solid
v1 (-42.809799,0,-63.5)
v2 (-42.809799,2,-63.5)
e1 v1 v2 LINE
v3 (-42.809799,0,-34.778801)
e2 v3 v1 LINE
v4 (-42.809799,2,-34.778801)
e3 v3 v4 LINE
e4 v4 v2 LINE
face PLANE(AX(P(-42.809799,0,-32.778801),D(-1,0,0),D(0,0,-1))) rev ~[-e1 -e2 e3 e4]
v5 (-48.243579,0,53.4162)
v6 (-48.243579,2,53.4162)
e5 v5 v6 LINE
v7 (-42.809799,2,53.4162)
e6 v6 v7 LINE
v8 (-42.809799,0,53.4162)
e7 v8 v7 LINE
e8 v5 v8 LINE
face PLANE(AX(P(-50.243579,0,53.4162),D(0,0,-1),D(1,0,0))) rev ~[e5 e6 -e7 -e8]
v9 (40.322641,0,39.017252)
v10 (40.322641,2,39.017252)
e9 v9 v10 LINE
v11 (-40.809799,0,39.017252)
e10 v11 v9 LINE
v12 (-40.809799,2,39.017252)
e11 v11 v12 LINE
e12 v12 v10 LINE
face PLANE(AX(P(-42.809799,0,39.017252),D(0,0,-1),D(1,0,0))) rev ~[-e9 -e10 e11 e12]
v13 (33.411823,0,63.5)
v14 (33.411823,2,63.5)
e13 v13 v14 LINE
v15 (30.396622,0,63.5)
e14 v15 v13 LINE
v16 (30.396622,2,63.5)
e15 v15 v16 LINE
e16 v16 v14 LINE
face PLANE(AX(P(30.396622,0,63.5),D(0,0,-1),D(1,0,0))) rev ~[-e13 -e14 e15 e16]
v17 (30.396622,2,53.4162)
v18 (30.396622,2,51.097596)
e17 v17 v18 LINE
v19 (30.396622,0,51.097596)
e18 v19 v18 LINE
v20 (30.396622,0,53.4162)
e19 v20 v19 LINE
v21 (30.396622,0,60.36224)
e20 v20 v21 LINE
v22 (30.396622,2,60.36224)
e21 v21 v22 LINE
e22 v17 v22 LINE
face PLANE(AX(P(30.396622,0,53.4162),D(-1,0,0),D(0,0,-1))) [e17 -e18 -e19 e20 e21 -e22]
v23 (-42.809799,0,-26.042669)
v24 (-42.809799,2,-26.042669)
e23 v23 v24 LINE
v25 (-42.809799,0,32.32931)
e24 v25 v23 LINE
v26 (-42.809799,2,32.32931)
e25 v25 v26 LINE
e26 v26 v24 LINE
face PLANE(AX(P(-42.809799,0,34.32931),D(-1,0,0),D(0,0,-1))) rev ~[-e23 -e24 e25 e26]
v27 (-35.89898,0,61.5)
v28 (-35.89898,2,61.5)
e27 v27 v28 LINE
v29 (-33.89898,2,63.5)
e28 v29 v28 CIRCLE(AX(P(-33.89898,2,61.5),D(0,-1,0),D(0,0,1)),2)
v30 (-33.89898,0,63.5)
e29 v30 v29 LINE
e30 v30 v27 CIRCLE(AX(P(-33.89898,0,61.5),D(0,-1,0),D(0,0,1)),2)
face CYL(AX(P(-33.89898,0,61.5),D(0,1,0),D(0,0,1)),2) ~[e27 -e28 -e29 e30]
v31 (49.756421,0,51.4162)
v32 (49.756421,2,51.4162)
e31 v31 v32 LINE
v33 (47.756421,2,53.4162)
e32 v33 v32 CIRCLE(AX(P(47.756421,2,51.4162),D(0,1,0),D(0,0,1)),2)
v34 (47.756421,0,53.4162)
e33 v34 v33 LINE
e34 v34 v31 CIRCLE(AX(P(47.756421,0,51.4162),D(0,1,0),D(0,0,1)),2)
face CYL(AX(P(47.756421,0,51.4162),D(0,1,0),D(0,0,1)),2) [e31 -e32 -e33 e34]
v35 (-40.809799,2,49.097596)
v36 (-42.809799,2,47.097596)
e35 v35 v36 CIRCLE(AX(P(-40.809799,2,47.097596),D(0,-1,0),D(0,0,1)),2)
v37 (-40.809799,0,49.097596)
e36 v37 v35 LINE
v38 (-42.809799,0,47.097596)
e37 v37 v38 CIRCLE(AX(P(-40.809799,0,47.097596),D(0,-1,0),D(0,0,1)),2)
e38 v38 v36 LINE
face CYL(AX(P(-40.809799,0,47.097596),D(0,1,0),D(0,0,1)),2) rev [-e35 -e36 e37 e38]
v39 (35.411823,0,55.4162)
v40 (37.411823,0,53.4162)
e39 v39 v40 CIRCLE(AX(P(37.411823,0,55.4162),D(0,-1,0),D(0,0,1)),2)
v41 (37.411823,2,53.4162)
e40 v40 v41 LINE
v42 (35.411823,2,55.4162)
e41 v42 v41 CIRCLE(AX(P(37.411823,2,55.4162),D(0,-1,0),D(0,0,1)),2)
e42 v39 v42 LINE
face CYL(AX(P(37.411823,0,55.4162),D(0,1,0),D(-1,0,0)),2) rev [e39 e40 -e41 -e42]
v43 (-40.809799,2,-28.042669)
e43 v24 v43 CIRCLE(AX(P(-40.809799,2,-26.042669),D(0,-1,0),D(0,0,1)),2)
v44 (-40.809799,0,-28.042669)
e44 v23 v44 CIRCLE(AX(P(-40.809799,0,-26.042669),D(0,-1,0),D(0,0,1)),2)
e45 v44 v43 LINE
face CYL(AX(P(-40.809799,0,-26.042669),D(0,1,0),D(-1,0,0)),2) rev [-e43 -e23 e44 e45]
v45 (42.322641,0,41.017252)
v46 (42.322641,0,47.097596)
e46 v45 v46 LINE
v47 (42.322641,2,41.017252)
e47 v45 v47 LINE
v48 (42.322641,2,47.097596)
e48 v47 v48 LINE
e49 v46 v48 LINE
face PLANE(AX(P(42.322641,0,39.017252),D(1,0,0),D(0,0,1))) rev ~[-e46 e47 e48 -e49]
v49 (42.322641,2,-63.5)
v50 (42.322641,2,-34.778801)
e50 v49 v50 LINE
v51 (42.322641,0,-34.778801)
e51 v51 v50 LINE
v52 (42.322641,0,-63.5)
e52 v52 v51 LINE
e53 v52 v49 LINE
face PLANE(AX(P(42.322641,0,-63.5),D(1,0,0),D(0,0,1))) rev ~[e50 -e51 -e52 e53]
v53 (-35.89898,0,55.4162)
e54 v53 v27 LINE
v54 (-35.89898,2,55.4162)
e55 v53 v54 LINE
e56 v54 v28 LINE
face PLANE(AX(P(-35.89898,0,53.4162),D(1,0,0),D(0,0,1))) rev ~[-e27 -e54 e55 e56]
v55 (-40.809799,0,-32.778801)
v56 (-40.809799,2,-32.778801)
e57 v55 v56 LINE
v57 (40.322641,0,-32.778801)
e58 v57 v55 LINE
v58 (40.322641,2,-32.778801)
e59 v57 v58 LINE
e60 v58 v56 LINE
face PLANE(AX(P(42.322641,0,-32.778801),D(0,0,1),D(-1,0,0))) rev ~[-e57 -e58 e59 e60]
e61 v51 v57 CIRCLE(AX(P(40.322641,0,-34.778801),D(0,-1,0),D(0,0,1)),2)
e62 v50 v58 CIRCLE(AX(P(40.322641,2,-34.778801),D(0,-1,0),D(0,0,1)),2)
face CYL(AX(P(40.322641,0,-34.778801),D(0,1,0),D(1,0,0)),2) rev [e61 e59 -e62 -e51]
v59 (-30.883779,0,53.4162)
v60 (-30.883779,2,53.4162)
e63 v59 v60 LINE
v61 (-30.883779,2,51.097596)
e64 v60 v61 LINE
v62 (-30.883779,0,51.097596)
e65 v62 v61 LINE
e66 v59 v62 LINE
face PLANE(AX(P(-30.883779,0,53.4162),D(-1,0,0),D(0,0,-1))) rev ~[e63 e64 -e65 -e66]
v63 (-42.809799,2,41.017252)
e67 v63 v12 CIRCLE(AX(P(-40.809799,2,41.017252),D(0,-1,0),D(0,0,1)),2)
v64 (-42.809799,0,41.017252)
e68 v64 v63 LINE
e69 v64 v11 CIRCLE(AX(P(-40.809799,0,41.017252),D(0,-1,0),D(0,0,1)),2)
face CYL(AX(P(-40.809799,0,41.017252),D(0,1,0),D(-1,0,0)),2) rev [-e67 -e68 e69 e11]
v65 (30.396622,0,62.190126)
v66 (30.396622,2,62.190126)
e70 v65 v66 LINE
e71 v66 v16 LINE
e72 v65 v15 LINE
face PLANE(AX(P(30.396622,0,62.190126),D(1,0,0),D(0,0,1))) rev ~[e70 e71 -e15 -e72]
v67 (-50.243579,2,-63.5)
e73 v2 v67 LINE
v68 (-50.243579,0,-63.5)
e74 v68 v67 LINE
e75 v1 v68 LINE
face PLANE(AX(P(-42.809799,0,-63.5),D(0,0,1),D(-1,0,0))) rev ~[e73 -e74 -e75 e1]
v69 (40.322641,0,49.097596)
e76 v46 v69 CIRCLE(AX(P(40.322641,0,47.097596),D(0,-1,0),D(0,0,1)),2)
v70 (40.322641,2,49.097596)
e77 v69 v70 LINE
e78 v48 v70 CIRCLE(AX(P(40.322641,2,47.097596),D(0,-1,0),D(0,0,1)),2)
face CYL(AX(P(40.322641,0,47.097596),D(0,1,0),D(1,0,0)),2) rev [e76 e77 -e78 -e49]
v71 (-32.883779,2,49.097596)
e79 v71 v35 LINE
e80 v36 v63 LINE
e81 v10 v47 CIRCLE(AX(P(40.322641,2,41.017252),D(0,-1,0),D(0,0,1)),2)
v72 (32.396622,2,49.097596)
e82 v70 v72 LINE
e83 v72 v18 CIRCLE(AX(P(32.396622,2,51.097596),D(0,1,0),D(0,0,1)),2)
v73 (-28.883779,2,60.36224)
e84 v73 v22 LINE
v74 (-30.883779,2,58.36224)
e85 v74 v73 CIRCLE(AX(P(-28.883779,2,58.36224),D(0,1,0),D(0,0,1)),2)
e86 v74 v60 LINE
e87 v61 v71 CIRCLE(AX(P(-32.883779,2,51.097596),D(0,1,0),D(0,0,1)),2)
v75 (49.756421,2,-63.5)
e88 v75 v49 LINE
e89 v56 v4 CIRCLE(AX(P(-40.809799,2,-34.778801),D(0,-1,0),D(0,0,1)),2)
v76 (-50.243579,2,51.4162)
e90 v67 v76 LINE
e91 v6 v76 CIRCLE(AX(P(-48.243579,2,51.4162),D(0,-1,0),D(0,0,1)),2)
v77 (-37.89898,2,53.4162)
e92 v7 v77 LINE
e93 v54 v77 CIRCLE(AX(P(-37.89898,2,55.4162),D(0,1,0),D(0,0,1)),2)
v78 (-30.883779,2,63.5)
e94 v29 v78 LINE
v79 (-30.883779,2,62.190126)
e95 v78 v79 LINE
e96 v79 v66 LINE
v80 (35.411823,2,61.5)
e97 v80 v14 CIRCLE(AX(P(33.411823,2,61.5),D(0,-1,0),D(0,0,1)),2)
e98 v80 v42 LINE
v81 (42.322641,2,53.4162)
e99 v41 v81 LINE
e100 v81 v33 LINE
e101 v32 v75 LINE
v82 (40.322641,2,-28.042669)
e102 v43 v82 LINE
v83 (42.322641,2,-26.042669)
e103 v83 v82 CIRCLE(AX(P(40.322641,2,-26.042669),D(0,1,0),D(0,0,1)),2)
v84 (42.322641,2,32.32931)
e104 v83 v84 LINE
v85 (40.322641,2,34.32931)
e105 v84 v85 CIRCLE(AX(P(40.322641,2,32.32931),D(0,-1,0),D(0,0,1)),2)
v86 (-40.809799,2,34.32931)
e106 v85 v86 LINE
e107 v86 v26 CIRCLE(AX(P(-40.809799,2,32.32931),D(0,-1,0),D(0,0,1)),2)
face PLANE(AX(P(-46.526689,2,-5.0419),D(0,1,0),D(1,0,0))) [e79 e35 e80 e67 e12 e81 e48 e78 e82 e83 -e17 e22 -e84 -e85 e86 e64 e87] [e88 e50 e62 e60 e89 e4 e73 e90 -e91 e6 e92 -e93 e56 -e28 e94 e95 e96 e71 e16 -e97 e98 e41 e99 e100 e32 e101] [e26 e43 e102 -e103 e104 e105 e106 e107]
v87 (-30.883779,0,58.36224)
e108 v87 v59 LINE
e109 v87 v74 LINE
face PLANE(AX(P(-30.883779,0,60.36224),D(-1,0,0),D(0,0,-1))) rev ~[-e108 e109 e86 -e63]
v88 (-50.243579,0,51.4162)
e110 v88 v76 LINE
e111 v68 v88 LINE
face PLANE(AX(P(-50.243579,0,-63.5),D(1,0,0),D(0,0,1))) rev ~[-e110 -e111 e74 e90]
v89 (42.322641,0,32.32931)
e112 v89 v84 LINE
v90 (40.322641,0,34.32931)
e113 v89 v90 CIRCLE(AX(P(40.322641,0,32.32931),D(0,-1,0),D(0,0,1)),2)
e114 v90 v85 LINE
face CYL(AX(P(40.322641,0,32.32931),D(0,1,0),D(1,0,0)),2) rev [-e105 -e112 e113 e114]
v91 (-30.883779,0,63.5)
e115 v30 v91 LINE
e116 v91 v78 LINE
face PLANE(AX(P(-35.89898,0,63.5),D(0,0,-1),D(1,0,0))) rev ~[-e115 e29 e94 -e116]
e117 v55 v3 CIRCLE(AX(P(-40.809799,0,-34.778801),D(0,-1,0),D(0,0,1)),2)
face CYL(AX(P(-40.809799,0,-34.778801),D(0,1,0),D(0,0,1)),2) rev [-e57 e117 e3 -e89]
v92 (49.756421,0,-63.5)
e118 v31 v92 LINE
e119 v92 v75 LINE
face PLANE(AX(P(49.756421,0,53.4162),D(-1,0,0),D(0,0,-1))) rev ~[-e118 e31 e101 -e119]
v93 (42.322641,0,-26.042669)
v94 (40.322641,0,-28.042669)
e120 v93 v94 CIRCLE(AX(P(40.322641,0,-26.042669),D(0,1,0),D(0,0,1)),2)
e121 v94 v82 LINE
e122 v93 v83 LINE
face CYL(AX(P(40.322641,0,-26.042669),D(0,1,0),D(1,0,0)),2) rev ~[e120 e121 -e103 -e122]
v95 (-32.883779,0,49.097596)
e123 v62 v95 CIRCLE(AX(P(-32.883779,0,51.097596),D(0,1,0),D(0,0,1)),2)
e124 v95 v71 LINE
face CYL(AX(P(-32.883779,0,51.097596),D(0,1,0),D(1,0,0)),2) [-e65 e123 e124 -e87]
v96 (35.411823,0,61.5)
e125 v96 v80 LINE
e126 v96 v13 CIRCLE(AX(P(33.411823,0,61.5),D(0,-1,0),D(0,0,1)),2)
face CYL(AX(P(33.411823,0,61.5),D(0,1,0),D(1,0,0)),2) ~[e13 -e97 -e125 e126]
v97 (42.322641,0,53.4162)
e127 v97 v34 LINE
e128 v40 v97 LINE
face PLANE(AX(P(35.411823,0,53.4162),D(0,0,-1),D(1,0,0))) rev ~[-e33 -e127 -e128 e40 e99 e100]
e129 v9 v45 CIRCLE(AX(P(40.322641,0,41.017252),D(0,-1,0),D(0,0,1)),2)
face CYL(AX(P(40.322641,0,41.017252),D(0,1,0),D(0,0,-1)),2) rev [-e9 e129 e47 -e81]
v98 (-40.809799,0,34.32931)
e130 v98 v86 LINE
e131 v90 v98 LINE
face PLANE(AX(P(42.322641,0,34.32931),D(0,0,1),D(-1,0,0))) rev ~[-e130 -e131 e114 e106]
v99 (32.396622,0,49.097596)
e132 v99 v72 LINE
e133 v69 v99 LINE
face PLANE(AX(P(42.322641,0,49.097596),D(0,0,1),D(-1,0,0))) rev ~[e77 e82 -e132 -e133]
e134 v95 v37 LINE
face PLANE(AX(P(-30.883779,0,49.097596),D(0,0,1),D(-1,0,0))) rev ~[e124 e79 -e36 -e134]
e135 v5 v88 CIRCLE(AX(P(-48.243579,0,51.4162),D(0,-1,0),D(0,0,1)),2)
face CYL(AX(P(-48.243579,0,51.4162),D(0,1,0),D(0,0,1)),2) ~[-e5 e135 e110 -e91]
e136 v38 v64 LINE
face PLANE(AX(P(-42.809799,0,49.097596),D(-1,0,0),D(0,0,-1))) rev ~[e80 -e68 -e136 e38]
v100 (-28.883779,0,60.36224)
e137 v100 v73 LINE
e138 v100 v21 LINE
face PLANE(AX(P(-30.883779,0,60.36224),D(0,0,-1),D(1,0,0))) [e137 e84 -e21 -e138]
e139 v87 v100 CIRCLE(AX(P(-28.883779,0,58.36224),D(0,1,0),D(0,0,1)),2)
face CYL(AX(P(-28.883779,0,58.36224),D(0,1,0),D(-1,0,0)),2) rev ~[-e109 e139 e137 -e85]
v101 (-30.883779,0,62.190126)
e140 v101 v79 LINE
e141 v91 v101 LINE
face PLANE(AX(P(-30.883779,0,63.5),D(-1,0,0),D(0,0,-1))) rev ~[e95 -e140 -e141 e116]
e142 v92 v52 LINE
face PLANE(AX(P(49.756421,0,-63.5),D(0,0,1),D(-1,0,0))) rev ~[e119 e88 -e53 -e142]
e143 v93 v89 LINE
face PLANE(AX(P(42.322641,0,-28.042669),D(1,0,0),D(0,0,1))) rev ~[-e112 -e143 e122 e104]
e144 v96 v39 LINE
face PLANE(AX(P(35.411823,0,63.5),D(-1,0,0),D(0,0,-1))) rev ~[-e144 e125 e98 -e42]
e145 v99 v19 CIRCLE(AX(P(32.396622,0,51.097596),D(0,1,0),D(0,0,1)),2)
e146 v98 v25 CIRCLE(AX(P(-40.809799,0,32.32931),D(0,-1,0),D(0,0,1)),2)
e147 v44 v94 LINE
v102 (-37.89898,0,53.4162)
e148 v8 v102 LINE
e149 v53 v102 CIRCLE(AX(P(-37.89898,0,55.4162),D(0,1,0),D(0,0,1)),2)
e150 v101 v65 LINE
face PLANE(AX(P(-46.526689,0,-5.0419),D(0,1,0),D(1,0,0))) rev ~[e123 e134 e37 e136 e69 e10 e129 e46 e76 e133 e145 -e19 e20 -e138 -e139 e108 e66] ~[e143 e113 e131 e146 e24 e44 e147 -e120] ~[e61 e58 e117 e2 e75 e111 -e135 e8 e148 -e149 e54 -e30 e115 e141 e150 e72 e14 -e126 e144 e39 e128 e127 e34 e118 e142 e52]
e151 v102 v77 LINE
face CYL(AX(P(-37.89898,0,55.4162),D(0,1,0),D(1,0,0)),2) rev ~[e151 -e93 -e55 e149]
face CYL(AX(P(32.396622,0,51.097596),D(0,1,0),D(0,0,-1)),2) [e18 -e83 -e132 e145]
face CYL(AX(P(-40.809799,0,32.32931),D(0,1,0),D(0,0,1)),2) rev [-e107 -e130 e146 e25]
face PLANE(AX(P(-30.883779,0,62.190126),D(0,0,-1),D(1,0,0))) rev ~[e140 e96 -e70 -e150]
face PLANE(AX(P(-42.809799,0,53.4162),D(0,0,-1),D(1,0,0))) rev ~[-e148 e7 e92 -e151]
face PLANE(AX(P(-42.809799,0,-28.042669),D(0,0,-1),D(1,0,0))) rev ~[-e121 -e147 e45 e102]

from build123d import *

# Parameters (mm, degrees)
SKETCH_1_W      = 42.566219829
SKETCH_1_H      = 4.687941776
SKETCH_1_W_2    = 6.910818326
SKETCH_1_H_2    = 4.318604229
SKETCH_1_W_3    = 5.015201163
SKETCH_1_H_3    = 4.736132542
SKETCH_1_W_4    = 61.28040068
SKETCH_1_H_4    = 1.827886604
EXTRUDE_1_DEPTH = 2
FILLET_1_R      = 2
FILLET_2_R      = 2


with BuildPart() as part:
    # 草图1 → 凸台-拉伸1 (new body)
    with BuildSketch(Plane(origin=(0, 0, 0), x_dir=(1, 0, 0), z_dir=(0, 1, 0))):
        Polygon((-50.243578821, 63.5), (-50.243578821, -53.4162), (-42.80979865, -53.4162), (-42.80979865, -49.097595771), (-42.80979865, -39.017252134), (-42.80979865, -34.329310358), (-42.80979865, 28.04266881), (-42.80979865, 32.778801352), (-42.80979865, 63.5), align=None)
        with Locations((-21.526688736, -36.673281246)):
            Rectangle(SKETCH_1_W, SKETCH_1_H)
        with Locations((-39.354389487, -51.256897886)):
            Rectangle(SKETCH_1_W_2, SKETCH_1_H_2)
        with Locations((-33.391379742, -51.256897886)):
            Rectangle(SKETCH_1_W_3, SKETCH_1_H_2)
        Polygon((-35.898980324, -53.4162), (-35.898980324, -63.5), (-30.883779161, -63.5), (-30.883779161, -62.190126209), (-30.883779161, -60.362239605), (-30.883779161, -53.4162), align=None)
        with Locations((21.039531094, -36.673281246)):
            Rectangle(SKETCH_1_W, SKETCH_1_H)
        Polygon((30.396621519, -62.190126209), (30.396621519, -63.5), (35.411822682, -63.5), (35.411822682, -53.4162), (30.396621519, -53.4162), (30.396621519, -60.362239605), align=None)
        with Locations((38.867231845, -51.256897886)):
            Rectangle(SKETCH_1_W_2, SKETCH_1_H_2)
        with Locations((32.904222101, -51.256897886)):
            Rectangle(SKETCH_1_W_3, SKETCH_1_H_2)
        Polygon((49.756421179, 63.5), (42.322641008, 63.5), (42.322641008, 32.778801352), (42.322641008, 28.04266881), (42.322641008, -34.329310358), (42.322641008, -39.017252134), (42.322641008, -49.097595771), (42.322641008, -53.4162), (49.756421179, -53.4162), align=None)
        with Locations((21.039531094, 30.410735081)):
            Rectangle(SKETCH_1_W, SKETCH_1_H_3)
        with Locations((-21.526688736, 30.410735081)):
            Rectangle(SKETCH_1_W, SKETCH_1_H_3)
        with Locations((-0.243578821, -61.276182907)):
            Rectangle(SKETCH_1_W_4, SKETCH_1_H_4)
    extrude(amount=EXTRUDE_1_DEPTH)

    # 圆角1
    fillet_1_edges = [part.edges().sort_by_distance(p)[0] for p in [
        (42.322641008, 1, -28.04266881),
        (-42.80979865, 1, -28.04266881),
        (-42.80979865, 1, 34.329310358),
        (42.322641008, 1, 34.329310358),
        (-42.80979865, 1, 39.017252134),
        (-42.80979865, 1, 49.097595771),
        (-30.883779161, 1, 49.097595771),
        (-30.883779161, 1, 60.362239605),
        (30.396621519, 1, 49.097595771),
        (42.322641008, 1, 49.097595771),
        (42.322641008, 1, 39.017252134),
        (-42.80979865, 1, -32.778801352),
        (42.322641008, 1, -32.778801352),
        (35.411822682, 1, 53.4162),
    ]]
    fillet(fillet_1_edges, radius=FILLET_1_R)

    # 圆角2
    fillet_2_edges = [part.edges().sort_by_distance(p)[0] for p in [
        (-35.898980324, 1, 63.5),
        (-35.898980324, 1, 53.4162),
        (-50.243578821, 1, 53.4162),
        (49.756421179, 1, 53.4162),
        (35.411822682, 1, 63.5),
    ]]
    fillet(fillet_2_edges, radius=FILLET_2_R)


solid = part.part
